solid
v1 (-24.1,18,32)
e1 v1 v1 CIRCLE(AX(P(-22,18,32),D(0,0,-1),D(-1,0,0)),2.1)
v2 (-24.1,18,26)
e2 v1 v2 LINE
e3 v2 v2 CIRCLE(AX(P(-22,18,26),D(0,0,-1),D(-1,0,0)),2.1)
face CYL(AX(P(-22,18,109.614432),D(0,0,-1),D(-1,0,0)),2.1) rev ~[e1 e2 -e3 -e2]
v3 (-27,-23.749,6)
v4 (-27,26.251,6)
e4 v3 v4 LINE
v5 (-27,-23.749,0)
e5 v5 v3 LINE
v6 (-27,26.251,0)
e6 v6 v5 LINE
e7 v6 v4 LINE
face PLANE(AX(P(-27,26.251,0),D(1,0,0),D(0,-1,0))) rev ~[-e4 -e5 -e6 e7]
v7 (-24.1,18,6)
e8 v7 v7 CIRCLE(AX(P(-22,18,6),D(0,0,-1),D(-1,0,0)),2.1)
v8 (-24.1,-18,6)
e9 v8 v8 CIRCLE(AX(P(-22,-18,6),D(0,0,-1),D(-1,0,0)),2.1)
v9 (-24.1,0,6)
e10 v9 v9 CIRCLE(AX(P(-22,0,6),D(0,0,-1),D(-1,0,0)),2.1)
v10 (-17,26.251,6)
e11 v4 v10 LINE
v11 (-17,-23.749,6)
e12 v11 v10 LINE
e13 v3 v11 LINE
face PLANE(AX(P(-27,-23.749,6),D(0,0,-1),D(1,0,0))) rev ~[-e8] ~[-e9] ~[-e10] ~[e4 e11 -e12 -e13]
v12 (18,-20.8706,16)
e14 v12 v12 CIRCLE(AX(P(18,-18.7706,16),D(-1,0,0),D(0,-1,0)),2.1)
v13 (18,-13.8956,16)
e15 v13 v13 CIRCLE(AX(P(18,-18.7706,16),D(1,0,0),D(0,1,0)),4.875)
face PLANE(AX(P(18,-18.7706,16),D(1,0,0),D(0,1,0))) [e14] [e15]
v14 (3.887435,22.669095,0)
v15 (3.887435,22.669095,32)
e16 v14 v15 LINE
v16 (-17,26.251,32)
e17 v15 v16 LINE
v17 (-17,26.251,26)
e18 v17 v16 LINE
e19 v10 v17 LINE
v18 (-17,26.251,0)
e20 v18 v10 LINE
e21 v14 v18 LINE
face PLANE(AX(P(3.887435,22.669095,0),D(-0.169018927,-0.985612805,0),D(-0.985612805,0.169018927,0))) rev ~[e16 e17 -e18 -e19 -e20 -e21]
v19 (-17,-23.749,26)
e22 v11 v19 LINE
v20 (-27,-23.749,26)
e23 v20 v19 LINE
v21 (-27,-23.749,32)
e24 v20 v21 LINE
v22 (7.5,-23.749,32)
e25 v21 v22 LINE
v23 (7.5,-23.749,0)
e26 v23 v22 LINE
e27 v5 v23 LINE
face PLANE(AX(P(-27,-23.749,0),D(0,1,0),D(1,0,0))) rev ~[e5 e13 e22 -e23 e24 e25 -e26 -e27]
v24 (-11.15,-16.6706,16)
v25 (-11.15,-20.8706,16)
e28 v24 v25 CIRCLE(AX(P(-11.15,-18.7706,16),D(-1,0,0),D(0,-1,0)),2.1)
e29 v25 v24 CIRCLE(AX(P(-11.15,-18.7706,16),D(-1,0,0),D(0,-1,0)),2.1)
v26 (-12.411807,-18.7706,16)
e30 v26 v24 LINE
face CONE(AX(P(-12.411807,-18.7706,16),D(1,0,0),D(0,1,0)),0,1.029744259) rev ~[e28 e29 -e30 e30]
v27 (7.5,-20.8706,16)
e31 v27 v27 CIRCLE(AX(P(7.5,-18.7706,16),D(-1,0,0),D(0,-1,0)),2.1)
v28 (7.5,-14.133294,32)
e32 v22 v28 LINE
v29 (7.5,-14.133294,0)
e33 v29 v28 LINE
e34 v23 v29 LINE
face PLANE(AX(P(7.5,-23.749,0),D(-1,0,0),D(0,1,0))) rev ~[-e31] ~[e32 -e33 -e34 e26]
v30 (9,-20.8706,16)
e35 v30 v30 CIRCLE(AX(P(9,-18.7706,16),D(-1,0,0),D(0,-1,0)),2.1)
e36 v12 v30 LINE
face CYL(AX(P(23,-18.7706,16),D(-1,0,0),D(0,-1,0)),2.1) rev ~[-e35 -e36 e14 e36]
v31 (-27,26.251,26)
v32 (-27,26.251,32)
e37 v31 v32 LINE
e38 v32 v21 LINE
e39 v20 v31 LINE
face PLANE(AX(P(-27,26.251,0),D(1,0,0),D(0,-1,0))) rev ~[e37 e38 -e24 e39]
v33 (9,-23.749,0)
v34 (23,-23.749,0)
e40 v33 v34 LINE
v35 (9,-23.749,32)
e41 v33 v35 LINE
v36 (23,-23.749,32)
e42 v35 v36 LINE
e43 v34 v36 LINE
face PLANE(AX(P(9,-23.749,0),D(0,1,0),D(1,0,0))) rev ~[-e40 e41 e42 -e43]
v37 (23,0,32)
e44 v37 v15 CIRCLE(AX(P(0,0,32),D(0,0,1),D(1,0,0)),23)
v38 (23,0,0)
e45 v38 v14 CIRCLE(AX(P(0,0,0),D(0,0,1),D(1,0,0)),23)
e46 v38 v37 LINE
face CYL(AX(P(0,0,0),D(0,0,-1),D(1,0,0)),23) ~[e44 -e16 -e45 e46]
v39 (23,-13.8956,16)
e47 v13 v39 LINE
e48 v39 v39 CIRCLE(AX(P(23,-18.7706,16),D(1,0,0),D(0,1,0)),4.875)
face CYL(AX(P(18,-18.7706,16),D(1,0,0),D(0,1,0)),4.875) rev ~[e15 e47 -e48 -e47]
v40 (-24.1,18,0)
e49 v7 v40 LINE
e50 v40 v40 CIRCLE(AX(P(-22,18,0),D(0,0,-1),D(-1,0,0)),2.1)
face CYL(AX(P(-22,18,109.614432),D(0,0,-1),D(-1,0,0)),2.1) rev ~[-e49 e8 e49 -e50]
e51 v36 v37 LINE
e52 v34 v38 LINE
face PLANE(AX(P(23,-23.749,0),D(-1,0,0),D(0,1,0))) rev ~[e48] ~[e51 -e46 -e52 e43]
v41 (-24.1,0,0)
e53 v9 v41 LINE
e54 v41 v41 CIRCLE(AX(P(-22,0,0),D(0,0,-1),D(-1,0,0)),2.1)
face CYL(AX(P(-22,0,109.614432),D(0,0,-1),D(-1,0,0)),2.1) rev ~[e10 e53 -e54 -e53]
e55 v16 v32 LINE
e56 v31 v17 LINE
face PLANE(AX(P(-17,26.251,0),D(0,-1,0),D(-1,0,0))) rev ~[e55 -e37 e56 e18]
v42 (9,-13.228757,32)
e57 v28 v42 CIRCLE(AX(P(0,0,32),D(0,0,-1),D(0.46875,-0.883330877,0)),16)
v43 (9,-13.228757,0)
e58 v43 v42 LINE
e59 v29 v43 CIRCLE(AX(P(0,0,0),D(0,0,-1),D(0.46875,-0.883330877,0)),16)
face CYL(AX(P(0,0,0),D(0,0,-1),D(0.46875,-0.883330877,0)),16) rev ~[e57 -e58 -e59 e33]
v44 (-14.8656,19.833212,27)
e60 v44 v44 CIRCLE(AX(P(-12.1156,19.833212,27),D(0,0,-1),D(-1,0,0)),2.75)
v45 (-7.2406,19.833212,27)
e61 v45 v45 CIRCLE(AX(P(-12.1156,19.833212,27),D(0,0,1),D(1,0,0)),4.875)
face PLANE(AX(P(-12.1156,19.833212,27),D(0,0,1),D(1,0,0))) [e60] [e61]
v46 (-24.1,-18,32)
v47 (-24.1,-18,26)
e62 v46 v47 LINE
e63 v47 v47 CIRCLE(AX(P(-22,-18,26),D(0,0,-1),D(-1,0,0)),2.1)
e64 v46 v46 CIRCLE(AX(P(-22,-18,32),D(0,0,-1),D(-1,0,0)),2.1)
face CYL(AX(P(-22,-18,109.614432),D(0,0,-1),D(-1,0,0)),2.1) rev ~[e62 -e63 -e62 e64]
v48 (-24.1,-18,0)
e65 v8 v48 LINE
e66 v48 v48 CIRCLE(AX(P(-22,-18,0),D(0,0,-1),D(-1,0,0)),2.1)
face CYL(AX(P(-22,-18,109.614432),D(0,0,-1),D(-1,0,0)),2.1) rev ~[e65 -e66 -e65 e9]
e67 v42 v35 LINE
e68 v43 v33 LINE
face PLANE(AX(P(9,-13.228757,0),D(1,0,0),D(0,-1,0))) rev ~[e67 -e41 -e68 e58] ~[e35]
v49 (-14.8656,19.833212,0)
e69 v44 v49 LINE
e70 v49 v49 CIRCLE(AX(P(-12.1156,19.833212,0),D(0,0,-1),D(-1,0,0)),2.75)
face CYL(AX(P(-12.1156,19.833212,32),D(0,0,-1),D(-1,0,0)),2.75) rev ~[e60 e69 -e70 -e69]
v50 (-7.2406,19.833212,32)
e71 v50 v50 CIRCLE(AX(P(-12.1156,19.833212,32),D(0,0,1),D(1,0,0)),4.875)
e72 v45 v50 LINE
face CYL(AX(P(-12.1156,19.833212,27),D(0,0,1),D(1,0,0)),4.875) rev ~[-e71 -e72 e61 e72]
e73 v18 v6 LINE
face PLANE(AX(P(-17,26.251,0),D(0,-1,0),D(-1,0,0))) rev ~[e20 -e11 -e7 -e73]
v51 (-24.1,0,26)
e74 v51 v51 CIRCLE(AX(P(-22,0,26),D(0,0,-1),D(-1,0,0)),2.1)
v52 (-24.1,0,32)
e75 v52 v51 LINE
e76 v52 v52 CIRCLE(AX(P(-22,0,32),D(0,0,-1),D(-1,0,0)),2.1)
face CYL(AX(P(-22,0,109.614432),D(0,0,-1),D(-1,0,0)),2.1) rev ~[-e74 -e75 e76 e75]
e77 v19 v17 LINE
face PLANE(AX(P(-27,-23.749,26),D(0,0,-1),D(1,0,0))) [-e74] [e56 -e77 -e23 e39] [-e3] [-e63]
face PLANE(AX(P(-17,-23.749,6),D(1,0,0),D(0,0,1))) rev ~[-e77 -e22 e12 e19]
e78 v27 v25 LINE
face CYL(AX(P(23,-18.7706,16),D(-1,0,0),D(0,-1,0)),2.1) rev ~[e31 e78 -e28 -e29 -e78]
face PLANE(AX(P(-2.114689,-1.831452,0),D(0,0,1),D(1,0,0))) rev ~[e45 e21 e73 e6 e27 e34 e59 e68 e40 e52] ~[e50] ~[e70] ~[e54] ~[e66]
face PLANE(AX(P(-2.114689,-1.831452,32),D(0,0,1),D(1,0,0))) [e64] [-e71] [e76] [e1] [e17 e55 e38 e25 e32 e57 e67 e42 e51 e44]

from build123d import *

# Parameters (mm, degrees)
F1_DEPTH       = 32
F2_W           = 10
F2_H           = 20
F3_DEPTH       = 50.001
F5_D           = 4.2
F5_DEPTH       = 34.15
F5_CBORE_D     = 9.75
F5_CBORE_DEPTH = 5
F5_TIP         = 1.2618073
F7_D           = 4.2
F9_D           = 5.5
F9_CBORE_D     = 9.75
F9_CBORE_DEPTH = 5
F10_R          = 2.5
F11_DEPTH      = 7


with BuildPart() as f1:
    # F0 (on Top) → F1 (new body)
    with BuildSketch(Plane.XY):
        with BuildLine():
            ThreePointArc((7.5, -14.1332940251), (-8.2623874884, 13.7015675377), (9, -13.2287565553))
            Line((9, -13.2287565553), (9, -23.749))
            Line((9, -23.749), (23, -23.749))
            Line((23, -23.749), (23, 0))
            ThreePointArc((23, 0), (17.5842402782, 14.8254677444), (3.8874353183, 22.6690945264))
            Line((3.8874353183, 22.6690945264), (-17, 26.251))
            Line((-17, 26.251), (-27, 26.251))
            Line((-27, 26.251), (-27, -23.749))
            Line((-27, -23.749), (7.5, -23.749))
            Line((7.5, -23.749), (7.5, -14.1332940251))
        make_face()
    extrude(amount=F1_DEPTH)

    # F2 (on face) → F3 (cut, through all)
    with BuildSketch(Plane.XZ.offset(23.749)):
        with Locations((-22, 16)):
            Rectangle(F2_W, F2_H)
    extrude(amount=-F3_DEPTH, mode=Mode.SUBTRACT)

    # F5
    with Locations(Plane.YZ.offset(23)):
        with Locations((-18.7706, 16)):
            CounterBoreHole(F5_D / 2, F5_CBORE_D / 2, F5_CBORE_DEPTH, depth=F5_DEPTH)
            with Locations((0, 0, -(F5_DEPTH + F5_TIP / 2))):  # 118° drill point
                Cone(0, F5_D / 2, F5_TIP, mode=Mode.SUBTRACT)

    # F7 (through all)
    with Locations(Plane.XY.offset(32)):
        with Locations((-22, 18), (-22, 0), (-22, -18)):
            Hole(F7_D / 2)

    # F9 (through all)
    with Locations(Plane.XY.offset(32)):
        with Locations((-12.1156, 19.8332124892)):
            CounterBoreHole(F9_D / 2, F9_CBORE_D / 2, F9_CBORE_DEPTH)

    # F10 (on face) → F11 (cut)
    with BuildSketch(Plane(origin=(0, 0, 0), x_dir=(1, 0, 0), z_dir=(0, 0, -1))):
        with Locations((-12.1156, -19.8332124892)):
            Circle(F10_R)
    extrude(amount=-F11_DEPTH, mode=Mode.SUBTRACT)


solid = f1.part
